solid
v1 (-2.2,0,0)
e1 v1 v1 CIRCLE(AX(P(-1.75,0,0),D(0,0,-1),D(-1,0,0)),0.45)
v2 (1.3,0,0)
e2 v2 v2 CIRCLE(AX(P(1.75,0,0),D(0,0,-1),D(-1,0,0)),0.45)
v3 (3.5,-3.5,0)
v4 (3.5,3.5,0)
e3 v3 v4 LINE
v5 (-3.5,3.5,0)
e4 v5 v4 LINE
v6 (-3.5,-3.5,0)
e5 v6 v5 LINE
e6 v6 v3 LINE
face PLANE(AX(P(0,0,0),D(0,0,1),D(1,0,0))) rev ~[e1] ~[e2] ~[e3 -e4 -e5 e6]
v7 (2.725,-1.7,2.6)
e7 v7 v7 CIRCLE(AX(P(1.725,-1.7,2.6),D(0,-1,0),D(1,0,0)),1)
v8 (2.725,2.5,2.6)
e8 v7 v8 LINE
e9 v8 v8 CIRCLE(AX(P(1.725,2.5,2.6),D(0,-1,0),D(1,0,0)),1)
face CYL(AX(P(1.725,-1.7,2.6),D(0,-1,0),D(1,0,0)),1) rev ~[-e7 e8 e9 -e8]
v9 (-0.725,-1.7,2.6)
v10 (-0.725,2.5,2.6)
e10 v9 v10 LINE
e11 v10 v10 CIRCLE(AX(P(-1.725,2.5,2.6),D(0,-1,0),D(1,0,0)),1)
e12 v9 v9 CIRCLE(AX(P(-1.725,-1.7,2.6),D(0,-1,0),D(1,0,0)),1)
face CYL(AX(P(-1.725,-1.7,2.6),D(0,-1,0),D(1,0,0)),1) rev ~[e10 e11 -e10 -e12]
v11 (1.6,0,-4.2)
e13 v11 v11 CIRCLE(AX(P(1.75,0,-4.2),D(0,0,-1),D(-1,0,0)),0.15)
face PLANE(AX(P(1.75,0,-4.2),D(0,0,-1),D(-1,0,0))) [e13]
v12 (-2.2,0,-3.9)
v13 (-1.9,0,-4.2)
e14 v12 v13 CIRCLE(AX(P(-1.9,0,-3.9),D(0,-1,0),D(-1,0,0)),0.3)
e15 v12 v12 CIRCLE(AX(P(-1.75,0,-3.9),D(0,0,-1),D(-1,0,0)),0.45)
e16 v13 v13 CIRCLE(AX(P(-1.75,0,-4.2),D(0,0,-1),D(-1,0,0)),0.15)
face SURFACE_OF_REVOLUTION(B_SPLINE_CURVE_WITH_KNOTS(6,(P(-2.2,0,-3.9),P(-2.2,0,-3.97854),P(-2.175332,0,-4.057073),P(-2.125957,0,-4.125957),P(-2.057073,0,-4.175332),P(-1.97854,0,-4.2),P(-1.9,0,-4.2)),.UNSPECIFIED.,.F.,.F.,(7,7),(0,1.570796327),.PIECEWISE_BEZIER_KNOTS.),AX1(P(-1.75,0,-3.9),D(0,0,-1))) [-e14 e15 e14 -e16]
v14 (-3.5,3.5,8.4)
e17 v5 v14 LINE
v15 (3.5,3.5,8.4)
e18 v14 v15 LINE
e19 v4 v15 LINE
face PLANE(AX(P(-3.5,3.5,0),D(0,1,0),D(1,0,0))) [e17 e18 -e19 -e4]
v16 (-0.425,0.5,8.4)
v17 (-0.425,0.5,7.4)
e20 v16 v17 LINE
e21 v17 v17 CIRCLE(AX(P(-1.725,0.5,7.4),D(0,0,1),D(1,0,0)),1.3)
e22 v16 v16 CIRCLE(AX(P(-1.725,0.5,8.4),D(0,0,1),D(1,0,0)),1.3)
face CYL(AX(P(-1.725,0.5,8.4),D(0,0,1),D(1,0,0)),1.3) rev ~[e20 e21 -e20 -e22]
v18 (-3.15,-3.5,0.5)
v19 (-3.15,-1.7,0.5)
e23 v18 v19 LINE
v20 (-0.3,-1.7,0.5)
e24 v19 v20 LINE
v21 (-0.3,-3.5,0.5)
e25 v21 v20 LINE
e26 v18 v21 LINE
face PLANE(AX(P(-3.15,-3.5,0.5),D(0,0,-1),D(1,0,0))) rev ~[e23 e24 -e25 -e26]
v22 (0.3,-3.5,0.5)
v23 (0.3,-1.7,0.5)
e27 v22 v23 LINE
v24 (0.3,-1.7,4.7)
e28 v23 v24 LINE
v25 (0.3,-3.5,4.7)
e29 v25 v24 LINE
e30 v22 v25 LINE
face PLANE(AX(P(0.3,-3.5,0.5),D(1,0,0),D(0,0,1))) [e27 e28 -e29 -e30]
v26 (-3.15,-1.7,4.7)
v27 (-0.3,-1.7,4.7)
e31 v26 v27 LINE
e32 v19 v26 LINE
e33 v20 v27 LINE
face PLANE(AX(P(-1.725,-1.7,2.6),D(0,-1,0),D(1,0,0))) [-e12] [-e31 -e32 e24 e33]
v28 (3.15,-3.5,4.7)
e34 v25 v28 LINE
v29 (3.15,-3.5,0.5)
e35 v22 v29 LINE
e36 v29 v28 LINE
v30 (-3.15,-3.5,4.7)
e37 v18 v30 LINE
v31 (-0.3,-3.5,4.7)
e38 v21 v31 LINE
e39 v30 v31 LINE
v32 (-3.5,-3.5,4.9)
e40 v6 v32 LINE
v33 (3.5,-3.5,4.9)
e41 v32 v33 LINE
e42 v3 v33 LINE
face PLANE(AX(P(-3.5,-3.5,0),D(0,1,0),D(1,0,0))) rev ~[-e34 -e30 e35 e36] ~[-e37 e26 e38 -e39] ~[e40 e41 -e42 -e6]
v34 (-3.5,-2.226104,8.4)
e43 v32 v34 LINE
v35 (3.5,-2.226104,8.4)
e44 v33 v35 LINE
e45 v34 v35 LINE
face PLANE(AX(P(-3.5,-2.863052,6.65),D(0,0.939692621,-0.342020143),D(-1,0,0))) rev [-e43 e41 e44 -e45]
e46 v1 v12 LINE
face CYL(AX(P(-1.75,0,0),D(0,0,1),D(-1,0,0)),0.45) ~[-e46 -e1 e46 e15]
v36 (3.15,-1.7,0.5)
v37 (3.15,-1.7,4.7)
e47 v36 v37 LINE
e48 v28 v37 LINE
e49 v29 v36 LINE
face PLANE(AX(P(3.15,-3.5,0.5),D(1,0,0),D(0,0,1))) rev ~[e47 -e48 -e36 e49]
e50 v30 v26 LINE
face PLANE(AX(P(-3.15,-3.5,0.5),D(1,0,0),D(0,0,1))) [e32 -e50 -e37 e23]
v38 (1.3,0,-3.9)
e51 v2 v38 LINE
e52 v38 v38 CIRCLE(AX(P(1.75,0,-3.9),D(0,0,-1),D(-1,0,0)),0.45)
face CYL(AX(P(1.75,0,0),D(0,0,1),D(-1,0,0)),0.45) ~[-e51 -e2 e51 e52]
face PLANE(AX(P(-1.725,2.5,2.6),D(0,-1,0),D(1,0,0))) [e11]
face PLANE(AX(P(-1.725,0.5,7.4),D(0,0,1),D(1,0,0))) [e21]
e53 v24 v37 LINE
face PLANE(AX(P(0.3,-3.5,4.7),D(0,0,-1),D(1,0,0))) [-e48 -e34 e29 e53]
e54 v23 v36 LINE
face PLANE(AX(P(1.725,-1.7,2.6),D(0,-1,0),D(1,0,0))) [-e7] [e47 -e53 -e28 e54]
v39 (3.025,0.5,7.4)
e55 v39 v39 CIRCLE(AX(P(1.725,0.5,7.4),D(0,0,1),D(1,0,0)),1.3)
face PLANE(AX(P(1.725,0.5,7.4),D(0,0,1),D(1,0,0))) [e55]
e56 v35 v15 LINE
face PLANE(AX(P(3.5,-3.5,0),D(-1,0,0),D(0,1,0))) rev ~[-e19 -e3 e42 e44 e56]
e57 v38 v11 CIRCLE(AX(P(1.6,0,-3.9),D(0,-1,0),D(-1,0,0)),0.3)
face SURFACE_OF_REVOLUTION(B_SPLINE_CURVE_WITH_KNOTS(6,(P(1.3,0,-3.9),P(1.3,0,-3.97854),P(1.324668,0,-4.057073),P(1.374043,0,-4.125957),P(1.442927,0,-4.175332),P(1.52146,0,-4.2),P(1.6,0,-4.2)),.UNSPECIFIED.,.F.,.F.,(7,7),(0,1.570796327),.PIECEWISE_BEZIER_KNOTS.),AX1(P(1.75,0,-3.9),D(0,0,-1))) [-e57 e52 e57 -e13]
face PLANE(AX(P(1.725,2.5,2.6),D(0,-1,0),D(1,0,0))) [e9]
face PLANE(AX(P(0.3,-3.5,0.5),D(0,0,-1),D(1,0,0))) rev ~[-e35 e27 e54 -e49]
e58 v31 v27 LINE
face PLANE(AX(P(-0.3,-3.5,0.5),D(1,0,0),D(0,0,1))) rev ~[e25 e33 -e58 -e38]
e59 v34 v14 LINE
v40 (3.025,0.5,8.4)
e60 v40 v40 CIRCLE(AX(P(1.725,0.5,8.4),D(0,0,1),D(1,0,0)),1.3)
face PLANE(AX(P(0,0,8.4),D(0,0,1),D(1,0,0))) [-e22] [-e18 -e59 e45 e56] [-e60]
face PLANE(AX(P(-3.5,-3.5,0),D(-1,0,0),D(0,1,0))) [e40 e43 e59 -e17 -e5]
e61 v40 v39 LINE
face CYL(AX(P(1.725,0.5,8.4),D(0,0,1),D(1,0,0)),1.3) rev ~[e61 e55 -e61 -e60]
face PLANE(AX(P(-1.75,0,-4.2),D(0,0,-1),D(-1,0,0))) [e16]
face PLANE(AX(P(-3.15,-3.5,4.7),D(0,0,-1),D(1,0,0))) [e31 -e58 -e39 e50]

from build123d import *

# Parameters (mm, degrees)
SKETCH1_W           = 7
SKETCH1_H           = 7
BOSS_EXTRUDE1_DEPTH = 8.4
CHAMFER1_SIZE       = 3.5
CHAMFER1_SIZE2      = 1.27389582
SKETCH2_W           = 2.85
SKETCH2_H           = 4.2
CUT_EXTRUDE1_DEPTH  = 1.8
SKETCH3_R           = 1
CUT_EXTRUDE2_DEPTH  = 4.2
SKETCH4_R           = 1.3
CUT_EXTRUDE3_DEPTH  = 1
SKETCH5_R           = 0.45
BOSS_EXTRUDE2_DEPTH = 4.2
FILLET1_R           = 0.3


with BuildPart() as part:
    # Sketch1 → Boss-Extrude1 (new body)
    with BuildSketch(Plane.XY):
        Rectangle(SKETCH1_W, SKETCH1_H)
    extrude(amount=BOSS_EXTRUDE1_DEPTH)

    # Chamfer1
    chamfer1_edges = [part.edges().sort_by_distance(p)[0] for p in [
        (0, -3.5, 8.4),
    ]]
    chamfer1_side = [part.faces().sort_by_distance(p)[0] for p in [
        (0, -3.5, 4.2),
    ]]
    chamfer(chamfer1_edges, length=CHAMFER1_SIZE, length2=CHAMFER1_SIZE2, reference=chamfer1_side[0])

    # Sketch2 → Cut-Extrude1 (cut)
    with BuildSketch(Plane.XZ.offset(3.5)):
        with Locations((1.725, 2.6)):
            Rectangle(SKETCH2_W, SKETCH2_H)
        with Locations((-1.725, 2.6)):
            Rectangle(SKETCH2_W, SKETCH2_H)
    extrude(amount=-CUT_EXTRUDE1_DEPTH, mode=Mode.SUBTRACT)

    # Sketch3 → Cut-Extrude2 (cut)
    with BuildSketch(Plane.XZ.offset(1.7)):
        with Locations((-1.725, 2.6)):
            Circle(SKETCH3_R)
        with Locations((1.725, 2.6)):
            Circle(SKETCH3_R)
    extrude(amount=-CUT_EXTRUDE2_DEPTH, mode=Mode.SUBTRACT)

    # Sketch4 → Cut-Extrude3 (cut)
    with BuildSketch(Plane.XY.offset(8.4)):
        with Locations((-1.725, 0.5)):
            Circle(SKETCH4_R)
        with Locations((1.725, 0.5)):
            Circle(SKETCH4_R)
    extrude(amount=-CUT_EXTRUDE3_DEPTH, mode=Mode.SUBTRACT)

    # Sketch5 → Boss-Extrude2 (add)
    with BuildSketch(Plane(origin=(0, 0, 0), x_dir=(-1, 0, 0), z_dir=(0, 0, -1))):
        with Locations((-1.75, 0)):
            Circle(SKETCH5_R)
        with Locations((1.75, 0)):
            Circle(SKETCH5_R)
    extrude(amount=BOSS_EXTRUDE2_DEPTH)

    # Fillet1
    fillet1_edges = [part.edges().sort_by_distance(p)[0] for p in [
        (2.2, 0, -4.2),
        (-1.3, 0, -4.2),
    ]]
    fillet(fillet1_edges, radius=FILLET1_R)


solid = part.part
